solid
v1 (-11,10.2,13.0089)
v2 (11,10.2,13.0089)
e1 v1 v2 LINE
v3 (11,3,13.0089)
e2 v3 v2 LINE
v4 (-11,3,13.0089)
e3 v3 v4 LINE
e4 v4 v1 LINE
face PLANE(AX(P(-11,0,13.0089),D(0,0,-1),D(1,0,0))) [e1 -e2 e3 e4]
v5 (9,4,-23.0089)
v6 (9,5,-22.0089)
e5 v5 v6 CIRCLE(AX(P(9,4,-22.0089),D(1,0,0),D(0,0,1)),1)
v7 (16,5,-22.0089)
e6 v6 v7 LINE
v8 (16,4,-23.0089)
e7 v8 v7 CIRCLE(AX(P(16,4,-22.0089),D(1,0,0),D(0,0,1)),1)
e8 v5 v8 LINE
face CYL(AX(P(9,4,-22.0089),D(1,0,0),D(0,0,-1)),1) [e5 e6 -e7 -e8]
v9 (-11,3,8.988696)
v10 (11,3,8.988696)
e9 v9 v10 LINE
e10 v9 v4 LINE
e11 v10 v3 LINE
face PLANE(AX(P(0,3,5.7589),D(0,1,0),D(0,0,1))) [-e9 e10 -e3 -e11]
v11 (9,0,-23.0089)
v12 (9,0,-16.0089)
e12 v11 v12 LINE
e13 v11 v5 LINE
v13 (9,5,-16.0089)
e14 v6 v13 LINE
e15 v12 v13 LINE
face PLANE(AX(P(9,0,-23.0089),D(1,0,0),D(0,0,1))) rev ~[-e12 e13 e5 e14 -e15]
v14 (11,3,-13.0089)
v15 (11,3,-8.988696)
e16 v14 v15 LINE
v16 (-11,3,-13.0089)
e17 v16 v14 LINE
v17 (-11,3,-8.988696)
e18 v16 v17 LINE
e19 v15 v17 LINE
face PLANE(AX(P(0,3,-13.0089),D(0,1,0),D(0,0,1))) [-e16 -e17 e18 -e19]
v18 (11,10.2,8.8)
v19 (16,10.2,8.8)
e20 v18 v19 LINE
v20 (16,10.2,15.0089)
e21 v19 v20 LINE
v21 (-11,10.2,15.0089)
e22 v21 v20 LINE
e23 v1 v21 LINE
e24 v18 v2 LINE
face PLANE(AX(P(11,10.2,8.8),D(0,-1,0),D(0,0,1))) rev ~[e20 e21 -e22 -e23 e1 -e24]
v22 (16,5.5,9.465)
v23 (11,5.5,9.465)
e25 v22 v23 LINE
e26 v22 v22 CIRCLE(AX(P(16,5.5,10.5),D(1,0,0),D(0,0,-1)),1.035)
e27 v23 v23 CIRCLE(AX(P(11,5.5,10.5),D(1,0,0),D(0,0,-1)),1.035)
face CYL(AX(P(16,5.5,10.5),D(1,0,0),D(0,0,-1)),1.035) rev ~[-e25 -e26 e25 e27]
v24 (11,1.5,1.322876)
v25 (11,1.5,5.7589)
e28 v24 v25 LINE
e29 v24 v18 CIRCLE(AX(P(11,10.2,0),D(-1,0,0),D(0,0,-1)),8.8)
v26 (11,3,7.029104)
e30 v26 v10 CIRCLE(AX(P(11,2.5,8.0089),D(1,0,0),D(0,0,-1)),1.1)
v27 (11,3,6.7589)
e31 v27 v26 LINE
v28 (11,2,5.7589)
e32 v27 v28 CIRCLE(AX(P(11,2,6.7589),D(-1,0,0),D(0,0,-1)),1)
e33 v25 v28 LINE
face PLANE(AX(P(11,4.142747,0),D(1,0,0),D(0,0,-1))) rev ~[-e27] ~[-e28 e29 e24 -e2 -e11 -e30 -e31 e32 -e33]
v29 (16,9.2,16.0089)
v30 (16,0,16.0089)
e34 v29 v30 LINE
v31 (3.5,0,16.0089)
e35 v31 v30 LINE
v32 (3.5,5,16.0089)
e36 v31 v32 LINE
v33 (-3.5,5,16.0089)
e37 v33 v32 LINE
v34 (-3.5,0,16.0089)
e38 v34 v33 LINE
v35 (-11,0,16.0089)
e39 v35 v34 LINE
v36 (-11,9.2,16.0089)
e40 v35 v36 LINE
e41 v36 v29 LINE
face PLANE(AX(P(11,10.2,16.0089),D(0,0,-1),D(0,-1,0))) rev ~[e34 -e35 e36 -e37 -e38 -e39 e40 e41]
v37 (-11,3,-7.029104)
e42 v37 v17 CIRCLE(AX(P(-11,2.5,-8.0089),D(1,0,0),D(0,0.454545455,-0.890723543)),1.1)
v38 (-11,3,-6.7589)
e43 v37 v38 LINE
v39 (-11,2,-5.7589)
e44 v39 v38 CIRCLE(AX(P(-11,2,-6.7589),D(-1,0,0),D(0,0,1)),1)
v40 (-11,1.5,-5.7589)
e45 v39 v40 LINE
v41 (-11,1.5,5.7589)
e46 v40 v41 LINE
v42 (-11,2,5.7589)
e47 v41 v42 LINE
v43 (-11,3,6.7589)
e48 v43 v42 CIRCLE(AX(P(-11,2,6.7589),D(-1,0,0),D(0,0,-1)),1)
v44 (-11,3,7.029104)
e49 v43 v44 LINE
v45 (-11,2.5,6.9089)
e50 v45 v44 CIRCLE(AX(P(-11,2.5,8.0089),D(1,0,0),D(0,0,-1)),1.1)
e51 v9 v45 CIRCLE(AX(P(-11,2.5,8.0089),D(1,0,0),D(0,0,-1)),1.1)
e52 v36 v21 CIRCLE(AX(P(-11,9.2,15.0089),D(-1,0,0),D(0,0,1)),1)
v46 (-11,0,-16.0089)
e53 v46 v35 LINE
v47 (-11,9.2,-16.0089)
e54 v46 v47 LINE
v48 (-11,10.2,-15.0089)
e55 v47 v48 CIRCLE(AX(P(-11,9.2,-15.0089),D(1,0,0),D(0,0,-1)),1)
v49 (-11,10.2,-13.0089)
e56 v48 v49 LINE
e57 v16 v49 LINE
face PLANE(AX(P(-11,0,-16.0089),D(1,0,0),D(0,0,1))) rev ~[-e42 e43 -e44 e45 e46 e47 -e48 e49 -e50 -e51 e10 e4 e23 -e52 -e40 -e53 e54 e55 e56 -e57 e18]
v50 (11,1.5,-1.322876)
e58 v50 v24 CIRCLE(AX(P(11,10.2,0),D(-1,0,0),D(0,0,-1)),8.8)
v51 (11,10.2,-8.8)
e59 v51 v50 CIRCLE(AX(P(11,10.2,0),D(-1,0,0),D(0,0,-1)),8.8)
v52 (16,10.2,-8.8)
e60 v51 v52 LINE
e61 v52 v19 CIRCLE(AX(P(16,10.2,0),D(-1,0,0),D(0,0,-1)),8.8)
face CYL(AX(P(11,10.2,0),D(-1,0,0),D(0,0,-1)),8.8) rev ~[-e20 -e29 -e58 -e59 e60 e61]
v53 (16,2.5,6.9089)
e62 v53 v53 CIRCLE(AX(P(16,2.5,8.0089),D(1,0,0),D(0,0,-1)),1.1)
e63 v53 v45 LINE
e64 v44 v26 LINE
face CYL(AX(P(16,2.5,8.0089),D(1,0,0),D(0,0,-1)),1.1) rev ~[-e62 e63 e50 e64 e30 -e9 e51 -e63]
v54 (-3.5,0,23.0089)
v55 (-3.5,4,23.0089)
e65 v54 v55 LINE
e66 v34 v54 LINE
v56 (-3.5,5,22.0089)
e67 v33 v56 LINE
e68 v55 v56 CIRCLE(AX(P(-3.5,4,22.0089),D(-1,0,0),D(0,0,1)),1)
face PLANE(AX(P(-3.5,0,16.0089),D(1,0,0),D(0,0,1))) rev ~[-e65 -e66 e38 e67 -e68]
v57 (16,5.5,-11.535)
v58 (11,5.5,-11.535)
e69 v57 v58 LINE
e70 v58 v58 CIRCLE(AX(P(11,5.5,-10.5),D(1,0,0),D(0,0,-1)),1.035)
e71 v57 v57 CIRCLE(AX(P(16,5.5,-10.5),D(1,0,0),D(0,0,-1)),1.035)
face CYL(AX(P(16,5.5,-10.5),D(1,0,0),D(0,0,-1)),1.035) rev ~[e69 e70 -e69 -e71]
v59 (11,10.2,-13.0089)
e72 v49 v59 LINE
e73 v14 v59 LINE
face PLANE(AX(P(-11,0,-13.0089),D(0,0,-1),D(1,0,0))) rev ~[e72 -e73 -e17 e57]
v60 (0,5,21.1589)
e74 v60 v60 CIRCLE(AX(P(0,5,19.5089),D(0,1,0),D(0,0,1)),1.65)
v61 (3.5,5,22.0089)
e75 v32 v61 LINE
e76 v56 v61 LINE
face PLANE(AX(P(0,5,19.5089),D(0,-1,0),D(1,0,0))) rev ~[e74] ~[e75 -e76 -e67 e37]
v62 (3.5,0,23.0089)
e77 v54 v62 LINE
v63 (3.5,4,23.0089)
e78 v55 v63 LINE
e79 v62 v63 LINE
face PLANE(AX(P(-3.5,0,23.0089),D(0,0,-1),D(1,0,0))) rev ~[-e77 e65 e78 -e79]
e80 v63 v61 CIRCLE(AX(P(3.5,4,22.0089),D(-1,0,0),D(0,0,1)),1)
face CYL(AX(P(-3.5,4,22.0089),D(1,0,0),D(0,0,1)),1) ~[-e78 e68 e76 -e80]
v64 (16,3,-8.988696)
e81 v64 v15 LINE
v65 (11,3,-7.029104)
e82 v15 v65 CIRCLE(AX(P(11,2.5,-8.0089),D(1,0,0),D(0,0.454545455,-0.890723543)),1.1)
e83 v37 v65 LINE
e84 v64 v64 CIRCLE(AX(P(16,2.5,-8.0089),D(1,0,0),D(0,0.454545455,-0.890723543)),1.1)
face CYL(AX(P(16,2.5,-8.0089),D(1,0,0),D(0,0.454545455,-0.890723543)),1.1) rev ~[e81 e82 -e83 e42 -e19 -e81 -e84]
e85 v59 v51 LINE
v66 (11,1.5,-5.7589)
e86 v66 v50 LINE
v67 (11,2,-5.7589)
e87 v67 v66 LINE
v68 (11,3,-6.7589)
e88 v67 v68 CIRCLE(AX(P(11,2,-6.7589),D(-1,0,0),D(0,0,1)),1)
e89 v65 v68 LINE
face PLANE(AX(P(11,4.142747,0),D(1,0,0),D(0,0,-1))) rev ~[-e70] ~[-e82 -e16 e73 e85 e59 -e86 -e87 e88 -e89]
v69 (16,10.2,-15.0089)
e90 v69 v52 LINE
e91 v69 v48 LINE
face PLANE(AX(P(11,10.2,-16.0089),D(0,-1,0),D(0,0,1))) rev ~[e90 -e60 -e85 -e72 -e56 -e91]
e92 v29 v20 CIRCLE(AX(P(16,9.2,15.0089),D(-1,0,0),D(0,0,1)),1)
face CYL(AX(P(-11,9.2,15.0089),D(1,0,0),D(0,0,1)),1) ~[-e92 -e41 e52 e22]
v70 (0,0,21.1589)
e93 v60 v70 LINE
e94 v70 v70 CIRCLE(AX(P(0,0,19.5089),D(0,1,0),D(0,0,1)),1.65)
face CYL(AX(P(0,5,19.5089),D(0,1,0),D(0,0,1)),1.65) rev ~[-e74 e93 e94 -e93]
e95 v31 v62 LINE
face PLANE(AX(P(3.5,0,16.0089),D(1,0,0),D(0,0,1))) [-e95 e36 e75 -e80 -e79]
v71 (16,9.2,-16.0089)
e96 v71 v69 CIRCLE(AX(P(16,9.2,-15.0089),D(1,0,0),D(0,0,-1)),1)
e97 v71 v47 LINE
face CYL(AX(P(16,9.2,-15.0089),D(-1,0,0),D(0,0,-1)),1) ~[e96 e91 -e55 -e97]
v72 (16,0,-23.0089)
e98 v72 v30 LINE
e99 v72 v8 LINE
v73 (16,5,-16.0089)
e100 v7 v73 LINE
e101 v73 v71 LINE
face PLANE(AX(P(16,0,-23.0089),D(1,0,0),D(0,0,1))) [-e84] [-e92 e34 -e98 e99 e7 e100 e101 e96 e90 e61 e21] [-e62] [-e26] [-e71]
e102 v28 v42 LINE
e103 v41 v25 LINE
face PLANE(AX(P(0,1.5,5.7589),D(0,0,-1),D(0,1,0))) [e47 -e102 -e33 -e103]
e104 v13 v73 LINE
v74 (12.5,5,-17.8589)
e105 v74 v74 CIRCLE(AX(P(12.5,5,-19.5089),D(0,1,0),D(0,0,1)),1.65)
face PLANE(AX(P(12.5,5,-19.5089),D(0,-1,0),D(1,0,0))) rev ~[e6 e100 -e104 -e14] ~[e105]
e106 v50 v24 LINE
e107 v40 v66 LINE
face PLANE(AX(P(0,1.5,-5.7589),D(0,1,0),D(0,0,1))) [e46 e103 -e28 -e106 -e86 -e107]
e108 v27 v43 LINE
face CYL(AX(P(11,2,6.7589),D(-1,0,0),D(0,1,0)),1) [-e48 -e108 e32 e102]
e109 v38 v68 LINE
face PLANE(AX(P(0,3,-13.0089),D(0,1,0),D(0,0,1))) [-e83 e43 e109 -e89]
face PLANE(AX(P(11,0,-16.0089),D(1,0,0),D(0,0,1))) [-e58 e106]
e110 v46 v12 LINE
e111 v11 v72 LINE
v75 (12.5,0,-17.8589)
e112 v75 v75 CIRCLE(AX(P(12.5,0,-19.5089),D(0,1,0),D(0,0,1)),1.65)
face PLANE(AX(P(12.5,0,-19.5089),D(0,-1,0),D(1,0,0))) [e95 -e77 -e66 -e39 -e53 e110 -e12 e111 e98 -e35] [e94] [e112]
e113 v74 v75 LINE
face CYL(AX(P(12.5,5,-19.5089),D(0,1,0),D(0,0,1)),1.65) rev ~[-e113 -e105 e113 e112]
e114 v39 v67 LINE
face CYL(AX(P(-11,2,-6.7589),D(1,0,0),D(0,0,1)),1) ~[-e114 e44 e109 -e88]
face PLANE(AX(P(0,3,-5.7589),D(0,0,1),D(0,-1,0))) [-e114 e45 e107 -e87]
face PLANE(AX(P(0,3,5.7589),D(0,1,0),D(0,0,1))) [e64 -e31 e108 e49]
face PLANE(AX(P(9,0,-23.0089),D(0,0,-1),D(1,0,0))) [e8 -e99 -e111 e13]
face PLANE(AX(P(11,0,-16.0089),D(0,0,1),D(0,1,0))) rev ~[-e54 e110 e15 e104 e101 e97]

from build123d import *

# Parameters (mm, degrees)
BOSS_EXTRUDE1_DEPTH = 11
SKETCH3_W           = 22
SKETCH3_H           = 3
BOSS_EXTRUDE2_DEPTH = 10.2
BOSS_EXTRUDE3_DEPTH = 5
SKETCH5_R           = 1.035
SKETCH5_R_2         = 1.1
CUT_EXTRUDE1_DEPTH  = 34.004922045
SKETCH6_W           = 7
SKETCH6_H           = 7
BOSS_EXTRUDE4_DEPTH = 5
SKETCH7_R           = 1.65
CUT_EXTRUDE2_DEPTH  = 29.50349942
FILLET1_R           = 1


with BuildPart() as part:
    # Sketch1 → Boss-Extrude1 (new, symmetric)
    with BuildSketch(Plane(origin=(0, 0, 0), x_dir=(0, 0, -1), z_dir=(1, 0, 0))):
        Polygon((-13.0089, 0), (13.0089, 0), (13.0089, 3), (5.7589, 3), (5.7589, 1.5), (-5.7589, 1.5), (-5.7589, 3), (-13.0089, 3), align=None)
    extrude(amount=BOSS_EXTRUDE1_DEPTH, both=True)

    # Sketch3 → Boss-Extrude2 (add)
    with BuildSketch(Plane.XZ):
        with Locations((0, -14.5089)):
            Rectangle(SKETCH3_W, SKETCH3_H)
        with Locations((0, 14.5089)):
            Rectangle(SKETCH3_W, SKETCH3_H)
    extrude(amount=-BOSS_EXTRUDE2_DEPTH)

    # Sketch4 → Boss-Extrude3 (add)
    with BuildSketch(Plane(origin=(11, 0, 0), x_dir=(0, 0, -1), z_dir=(1, 0, 0))):
        with BuildLine():
            Line((-8.8, 10.2), (-16.0089, 10.2))
            Line((-16.0089, 10.2), (-16.0089, 0))
            Line((-16.0089, 0), (16.0089, 0))
            Line((16.0089, 0), (16.0089, 10.2))
            Line((16.0089, 10.2), (8.8, 10.2))
            ThreePointArc((8.8, 10.2), (0, 1.4), (-8.8, 10.2))
        make_face()
    extrude(amount=BOSS_EXTRUDE3_DEPTH)

    # Sketch5 → Cut-Extrude1 (cut, through all)
    with BuildSketch(Plane(origin=(16, 0, 0), x_dir=(0, 0, -1), z_dir=(1, 0, 0))):
        with Locations((-10.5, 5.5)):
            Circle(SKETCH5_R)
        with Locations((10.5, 5.5)):
            Circle(SKETCH5_R)
        with Locations((-8.0089, 2.5)):
            Circle(SKETCH5_R_2)
        with Locations(Location((8.0089, 2.5, 0), (0, 0, 27.035691789))):
            Circle(SKETCH5_R_2)
    extrude(amount=-CUT_EXTRUDE1_DEPTH, mode=Mode.SUBTRACT)

    # Sketch6 → Boss-Extrude4 (add)
    with BuildSketch(Plane.XZ):
        with Locations((0, 19.5089)):
            Rectangle(SKETCH6_W, SKETCH6_H)
        with Locations((12.5, -19.5089)):
            Rectangle(SKETCH6_W, SKETCH6_H)
    extrude(amount=-BOSS_EXTRUDE4_DEPTH)

    # Sketch7 → Cut-Extrude2 (cut, through all)
    with BuildSketch(Plane(origin=(0, 5, 0), x_dir=(1, 0, 0), z_dir=(0, 1, 0))):
        with Locations(Location((0, -19.5089, 0), (0, 0, 270))):
            Circle(SKETCH7_R)
        with Locations(Location((12.5, 19.5089, 0), (0, 0, 270))):
            Circle(SKETCH7_R)
    extrude(amount=-CUT_EXTRUDE2_DEPTH, mode=Mode.SUBTRACT)

    # Fillet1
    fillet1_edges = [part.edges().sort_by_distance(p)[0] for p in [
        (0, 5, 23.0089),
        (12.5, 5, -23.0089),
        (0, 3, 5.7589),
        (0, 3, -5.7589),
        (2.5, 10.2, -16.0089),
        (2.5, 10.2, 16.0089),
    ]]
    fillet(fillet1_edges, radius=FILLET1_R)


solid = part.part
